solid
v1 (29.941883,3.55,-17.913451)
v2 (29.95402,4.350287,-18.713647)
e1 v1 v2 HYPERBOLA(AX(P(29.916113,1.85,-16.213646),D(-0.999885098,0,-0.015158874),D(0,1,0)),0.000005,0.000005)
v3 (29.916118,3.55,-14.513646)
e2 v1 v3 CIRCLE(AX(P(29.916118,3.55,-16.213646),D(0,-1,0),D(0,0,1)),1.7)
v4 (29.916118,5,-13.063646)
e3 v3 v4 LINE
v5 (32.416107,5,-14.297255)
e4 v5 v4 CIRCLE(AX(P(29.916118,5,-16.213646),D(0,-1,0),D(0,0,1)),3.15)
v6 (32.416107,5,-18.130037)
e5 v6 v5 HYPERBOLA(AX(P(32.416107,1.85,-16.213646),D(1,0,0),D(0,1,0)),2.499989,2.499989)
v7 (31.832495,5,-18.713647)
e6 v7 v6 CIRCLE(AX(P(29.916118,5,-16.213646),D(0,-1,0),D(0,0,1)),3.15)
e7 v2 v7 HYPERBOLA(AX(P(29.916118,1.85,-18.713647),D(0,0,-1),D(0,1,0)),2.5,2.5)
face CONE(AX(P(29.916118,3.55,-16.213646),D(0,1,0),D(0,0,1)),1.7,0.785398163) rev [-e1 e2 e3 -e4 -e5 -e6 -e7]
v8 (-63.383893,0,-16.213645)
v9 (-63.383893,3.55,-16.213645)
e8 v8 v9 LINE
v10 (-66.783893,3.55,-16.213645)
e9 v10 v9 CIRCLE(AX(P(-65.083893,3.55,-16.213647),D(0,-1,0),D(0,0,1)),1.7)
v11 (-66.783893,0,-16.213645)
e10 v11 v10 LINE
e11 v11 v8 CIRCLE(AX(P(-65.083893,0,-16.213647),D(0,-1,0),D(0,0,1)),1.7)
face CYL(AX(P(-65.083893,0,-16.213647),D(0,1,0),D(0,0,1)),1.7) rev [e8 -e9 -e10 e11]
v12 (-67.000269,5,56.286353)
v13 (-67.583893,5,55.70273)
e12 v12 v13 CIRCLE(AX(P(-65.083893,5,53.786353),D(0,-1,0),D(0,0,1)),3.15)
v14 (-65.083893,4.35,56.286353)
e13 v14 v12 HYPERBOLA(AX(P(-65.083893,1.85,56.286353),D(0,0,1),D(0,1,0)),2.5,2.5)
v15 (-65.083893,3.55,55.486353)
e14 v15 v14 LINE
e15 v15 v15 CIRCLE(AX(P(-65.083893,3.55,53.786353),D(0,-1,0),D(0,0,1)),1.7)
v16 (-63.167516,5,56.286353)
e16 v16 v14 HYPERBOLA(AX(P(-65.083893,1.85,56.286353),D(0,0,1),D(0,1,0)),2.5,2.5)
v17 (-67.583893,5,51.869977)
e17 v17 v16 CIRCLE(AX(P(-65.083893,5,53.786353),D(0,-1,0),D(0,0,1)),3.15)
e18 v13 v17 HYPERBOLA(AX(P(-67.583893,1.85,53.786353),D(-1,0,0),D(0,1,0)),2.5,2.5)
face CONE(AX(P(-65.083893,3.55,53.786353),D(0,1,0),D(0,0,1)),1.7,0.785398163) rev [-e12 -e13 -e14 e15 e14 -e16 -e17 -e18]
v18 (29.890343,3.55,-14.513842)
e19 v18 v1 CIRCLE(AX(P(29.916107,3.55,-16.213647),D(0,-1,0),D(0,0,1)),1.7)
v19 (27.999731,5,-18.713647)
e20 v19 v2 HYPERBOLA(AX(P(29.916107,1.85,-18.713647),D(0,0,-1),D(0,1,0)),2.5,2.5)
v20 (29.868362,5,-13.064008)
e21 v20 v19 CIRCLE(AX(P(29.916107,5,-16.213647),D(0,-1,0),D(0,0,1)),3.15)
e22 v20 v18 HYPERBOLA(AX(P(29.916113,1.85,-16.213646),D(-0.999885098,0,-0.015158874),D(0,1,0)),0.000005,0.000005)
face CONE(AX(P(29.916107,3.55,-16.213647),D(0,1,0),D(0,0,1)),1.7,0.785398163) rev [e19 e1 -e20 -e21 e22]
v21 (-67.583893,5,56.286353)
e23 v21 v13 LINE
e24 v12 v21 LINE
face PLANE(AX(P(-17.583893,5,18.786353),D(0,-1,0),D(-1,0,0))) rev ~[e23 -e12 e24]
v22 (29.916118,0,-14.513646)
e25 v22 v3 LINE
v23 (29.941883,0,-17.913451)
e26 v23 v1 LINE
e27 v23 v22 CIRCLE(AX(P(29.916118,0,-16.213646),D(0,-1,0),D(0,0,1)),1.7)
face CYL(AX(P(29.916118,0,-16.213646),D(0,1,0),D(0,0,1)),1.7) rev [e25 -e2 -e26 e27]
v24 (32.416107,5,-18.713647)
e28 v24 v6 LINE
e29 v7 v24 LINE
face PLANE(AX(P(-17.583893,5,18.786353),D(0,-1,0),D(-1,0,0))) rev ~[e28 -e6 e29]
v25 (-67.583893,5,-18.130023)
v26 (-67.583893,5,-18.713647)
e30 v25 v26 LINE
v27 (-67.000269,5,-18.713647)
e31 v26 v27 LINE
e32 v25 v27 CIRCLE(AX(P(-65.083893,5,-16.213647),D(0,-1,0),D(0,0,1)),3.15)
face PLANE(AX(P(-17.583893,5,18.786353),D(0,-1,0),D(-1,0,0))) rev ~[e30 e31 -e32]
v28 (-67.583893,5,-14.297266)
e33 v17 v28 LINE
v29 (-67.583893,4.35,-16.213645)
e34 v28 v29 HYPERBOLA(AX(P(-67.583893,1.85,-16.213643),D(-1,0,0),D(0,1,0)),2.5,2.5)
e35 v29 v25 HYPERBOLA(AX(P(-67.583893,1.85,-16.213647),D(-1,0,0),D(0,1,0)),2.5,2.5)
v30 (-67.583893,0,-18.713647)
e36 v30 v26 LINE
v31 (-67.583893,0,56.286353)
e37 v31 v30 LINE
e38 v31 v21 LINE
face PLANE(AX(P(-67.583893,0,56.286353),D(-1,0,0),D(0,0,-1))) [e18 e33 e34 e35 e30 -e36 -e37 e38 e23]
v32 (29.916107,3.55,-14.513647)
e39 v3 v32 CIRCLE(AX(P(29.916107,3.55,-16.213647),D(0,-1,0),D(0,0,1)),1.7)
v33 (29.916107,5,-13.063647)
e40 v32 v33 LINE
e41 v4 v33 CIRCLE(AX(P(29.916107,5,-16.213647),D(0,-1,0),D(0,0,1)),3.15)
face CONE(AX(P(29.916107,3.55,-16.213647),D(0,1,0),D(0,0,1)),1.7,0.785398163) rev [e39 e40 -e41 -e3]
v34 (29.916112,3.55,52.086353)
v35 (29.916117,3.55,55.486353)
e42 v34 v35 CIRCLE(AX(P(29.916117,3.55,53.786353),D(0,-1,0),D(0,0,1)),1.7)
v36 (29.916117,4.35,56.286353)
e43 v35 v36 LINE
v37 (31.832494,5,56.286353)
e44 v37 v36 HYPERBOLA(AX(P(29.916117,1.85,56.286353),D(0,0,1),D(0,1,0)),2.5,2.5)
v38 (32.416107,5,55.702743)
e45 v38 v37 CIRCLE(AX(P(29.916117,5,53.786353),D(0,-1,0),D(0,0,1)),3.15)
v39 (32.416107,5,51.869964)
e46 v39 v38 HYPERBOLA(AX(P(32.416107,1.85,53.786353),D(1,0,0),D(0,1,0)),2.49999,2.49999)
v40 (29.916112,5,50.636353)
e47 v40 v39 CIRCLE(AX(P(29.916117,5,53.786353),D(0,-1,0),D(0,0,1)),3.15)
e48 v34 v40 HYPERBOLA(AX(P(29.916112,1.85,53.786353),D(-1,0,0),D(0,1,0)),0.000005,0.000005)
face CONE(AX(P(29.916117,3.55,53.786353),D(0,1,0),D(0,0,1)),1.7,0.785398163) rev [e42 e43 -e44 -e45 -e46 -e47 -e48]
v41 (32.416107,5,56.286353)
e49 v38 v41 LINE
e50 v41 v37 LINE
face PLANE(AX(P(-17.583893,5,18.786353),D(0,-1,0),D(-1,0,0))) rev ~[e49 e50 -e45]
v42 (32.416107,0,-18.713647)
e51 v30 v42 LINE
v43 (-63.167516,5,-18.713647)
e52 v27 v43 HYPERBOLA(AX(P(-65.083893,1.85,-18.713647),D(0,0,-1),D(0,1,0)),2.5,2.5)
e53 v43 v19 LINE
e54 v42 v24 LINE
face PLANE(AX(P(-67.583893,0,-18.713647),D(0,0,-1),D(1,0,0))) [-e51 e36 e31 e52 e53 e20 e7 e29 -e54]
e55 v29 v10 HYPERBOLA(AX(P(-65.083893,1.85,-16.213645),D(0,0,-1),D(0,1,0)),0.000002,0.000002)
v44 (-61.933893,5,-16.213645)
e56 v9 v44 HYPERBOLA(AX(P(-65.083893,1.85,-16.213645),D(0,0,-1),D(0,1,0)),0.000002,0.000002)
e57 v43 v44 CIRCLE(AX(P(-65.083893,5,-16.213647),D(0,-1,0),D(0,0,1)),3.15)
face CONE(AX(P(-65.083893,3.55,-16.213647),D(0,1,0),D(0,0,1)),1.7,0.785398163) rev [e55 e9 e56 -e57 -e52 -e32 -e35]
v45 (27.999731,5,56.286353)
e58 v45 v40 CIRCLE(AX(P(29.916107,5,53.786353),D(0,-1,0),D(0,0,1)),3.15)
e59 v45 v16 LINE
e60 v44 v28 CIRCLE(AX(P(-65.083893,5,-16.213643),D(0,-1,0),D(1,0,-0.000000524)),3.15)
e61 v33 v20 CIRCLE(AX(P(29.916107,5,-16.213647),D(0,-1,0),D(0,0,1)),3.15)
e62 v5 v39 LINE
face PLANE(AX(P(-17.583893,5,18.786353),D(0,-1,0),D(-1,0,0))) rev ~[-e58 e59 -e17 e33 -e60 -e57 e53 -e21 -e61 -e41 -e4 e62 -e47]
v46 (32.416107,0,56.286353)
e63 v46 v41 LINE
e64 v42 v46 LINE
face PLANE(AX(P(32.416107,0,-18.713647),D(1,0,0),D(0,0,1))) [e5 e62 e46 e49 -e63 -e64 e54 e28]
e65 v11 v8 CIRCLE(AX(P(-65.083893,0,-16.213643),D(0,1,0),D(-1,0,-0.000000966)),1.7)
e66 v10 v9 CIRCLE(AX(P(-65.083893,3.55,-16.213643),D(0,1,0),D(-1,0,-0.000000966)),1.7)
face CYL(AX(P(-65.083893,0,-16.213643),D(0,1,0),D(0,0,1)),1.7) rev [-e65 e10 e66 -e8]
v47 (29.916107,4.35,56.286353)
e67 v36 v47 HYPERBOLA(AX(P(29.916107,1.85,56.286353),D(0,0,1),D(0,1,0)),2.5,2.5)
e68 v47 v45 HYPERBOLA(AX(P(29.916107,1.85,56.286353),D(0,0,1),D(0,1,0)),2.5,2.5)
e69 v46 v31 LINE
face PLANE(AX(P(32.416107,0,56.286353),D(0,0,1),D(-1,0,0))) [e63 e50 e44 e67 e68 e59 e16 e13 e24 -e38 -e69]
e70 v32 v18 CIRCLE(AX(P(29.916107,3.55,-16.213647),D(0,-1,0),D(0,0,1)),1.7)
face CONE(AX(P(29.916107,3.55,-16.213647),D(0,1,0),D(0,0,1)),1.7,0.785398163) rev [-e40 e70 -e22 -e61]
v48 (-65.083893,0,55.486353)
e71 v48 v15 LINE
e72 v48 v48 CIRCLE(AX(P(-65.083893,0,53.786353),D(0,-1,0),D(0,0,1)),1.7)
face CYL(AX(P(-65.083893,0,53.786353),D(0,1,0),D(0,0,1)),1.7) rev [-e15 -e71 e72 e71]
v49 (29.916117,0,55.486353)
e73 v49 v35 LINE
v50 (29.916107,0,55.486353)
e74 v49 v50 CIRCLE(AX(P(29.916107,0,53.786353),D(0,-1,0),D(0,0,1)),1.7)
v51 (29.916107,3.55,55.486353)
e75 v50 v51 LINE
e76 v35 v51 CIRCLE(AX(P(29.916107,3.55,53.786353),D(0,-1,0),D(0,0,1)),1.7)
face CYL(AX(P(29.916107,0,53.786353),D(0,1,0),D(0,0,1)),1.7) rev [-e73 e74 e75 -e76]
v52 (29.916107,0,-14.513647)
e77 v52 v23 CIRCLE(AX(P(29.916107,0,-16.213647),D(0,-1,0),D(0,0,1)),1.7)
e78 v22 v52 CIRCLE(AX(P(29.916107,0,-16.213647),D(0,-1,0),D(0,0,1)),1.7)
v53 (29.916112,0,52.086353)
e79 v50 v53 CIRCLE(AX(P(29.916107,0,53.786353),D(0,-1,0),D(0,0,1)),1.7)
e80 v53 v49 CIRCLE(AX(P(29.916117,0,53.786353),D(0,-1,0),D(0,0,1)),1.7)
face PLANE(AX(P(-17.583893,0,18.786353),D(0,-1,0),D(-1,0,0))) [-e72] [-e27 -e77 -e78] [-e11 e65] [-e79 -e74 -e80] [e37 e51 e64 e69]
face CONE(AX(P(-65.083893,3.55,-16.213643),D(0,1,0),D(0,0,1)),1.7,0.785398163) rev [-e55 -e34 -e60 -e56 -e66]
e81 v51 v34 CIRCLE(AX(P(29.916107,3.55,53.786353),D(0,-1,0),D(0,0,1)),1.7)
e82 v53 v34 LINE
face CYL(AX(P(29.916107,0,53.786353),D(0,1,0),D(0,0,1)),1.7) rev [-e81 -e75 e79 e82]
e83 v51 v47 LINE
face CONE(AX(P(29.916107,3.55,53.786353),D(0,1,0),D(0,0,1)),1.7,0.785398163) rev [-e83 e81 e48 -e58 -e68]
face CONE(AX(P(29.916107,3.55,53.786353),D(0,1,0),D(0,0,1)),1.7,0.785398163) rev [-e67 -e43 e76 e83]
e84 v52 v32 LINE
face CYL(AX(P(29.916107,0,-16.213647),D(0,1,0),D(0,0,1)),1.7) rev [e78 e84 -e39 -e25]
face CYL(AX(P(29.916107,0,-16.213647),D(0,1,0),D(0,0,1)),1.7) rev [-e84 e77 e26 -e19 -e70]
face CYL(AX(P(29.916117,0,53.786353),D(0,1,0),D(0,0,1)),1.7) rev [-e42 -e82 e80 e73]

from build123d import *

# Parameters (mm, degrees)
SALIENTE_EXTRUIR1_DEPTH                     = 5
AVELLANADO_PARA_TORNILLO_CON_CABEZA_3_COUNT = 2
AVELLANADO_PARA_TORNILLO_CON_CABEZA_3_PITCH = 70
AVELLANADO_PARA_TORNILLO_CON_CABEZA_4_COUNT = 2
AVELLANADO_PARA_TORNILLO_CON_CABEZA_4_PITCH = 118.00423721205946
AVELLANADO_PARA_TORNILLO_CON_CABEZA_5_COUNT = 2
AVELLANADO_PARA_TORNILLO_CON_CABEZA_5_PITCH = 95
AVELLANADO_PARA_TORNILLO_CON_CABEZA_6_COUNT = 2
AVELLANADO_PARA_TORNILLO_CON_CABEZA_6_PITCH = 69.99999670760137
AVELLANADO_PARA_TORNILLO_CON_CABEZA_7_COUNT = 2
AVELLANADO_PARA_TORNILLO_CON_CABEZA_7_PITCH = 118.00424590243654
AVELLANADO_PARA_TORNILLO_CON_CABEZA_8_COUNT = 2
AVELLANADO_PARA_TORNILLO_CON_CABEZA_8_PITCH = 95.00001009358513


with BuildPart() as part:
    # Croquis1 → Saliente-Extruir1 (new body)
    with BuildSketch(Plane(origin=(0, 0, 0), x_dir=(1, 0, 0), z_dir=(0, 1, 0))):
        Polygon((-67.58389261744966, 18.71364653243848), (32.41610738255034, 18.71364653243848), (32.41610738255035, -56.28635346756151), (-67.58389261744965, -56.28635346756151), align=None)
    extrude(amount=SALIENTE_EXTRUIR1_DEPTH)

    # Croquis3 → Avellanado para tornillo con cabeza plana avellanada de M31 (revolve, cut)
    with BuildSketch(Plane(origin=(-65.08389261744965, 5, 53.78635346756151), x_dir=(0, 0, 1), z_dir=(1, 0, 0))):
        Polygon((0, 0), (-1.22e-15, 5.000000000000001), (1.6999999999999986, 5), (1.699999999999999, 1.4500000000000013), (3.15, 0), align=None)
    avellanado_para_tornillo_con_cabeza_plan = revolve(axis=Axis((-65.08389261744965, 11.34999999999999, 53.78635346756151), (0, -1, 0)), mode=Mode.SUBTRACT)

    # Avellanado para tornillo con cabeza  3: Avellanado para tornillo con cabeza plana avellanada de M31 ×2
    with Locations(*[(0, 0, -i * AVELLANADO_PARA_TORNILLO_CON_CABEZA_3_PITCH) for i in range(1, AVELLANADO_PARA_TORNILLO_CON_CABEZA_3_COUNT)]):
        add(avellanado_para_tornillo_con_cabeza_plan, mode=Mode.SUBTRACT)

    # Avellanado para tornillo con cabeza  4: Avellanado para tornillo con cabeza plana avellanada de M31 ×2
    with Locations(*[Vector(0.8050558373533679, 0, -0.5931990380498501) * (i * AVELLANADO_PARA_TORNILLO_CON_CABEZA_4_PITCH) for i in range(1, AVELLANADO_PARA_TORNILLO_CON_CABEZA_4_COUNT)]):
        add(avellanado_para_tornillo_con_cabeza_plan, mode=Mode.SUBTRACT)

    # Avellanado para tornillo con cabeza  5: Avellanado para tornillo con cabeza plana avellanada de M31 ×2
    with Locations(*[(i * AVELLANADO_PARA_TORNILLO_CON_CABEZA_5_PITCH, 0, 0) for i in range(1, AVELLANADO_PARA_TORNILLO_CON_CABEZA_5_COUNT)]):
        add(avellanado_para_tornillo_con_cabeza_plan, mode=Mode.SUBTRACT)

    # Avellanado para tornillo con cabeza  6: Avellanado para tornillo con cabeza plana avellanada de M31 ×2
    with Locations(*[(0, 0, -i * AVELLANADO_PARA_TORNILLO_CON_CABEZA_6_PITCH) for i in range(1, AVELLANADO_PARA_TORNILLO_CON_CABEZA_6_COUNT)]):
        add(avellanado_para_tornillo_con_cabeza_plan, mode=Mode.SUBTRACT)

    # Avellanado para tornillo con cabeza  7: Avellanado para tornillo con cabeza plana avellanada de M31 ×2
    with Locations(*[Vector(0.8050558705764262, 0, -0.5931989929614112) * (i * AVELLANADO_PARA_TORNILLO_CON_CABEZA_7_PITCH) for i in range(1, AVELLANADO_PARA_TORNILLO_CON_CABEZA_7_COUNT)]):
        add(avellanado_para_tornillo_con_cabeza_plan, mode=Mode.SUBTRACT)

    # Avellanado para tornillo con cabeza  8: Avellanado para tornillo con cabeza plana avellanada de M31 ×2
    with Locations(*[(i * AVELLANADO_PARA_TORNILLO_CON_CABEZA_8_PITCH, 0, 0) for i in range(1, AVELLANADO_PARA_TORNILLO_CON_CABEZA_8_COUNT)]):
        add(avellanado_para_tornillo_con_cabeza_plan, mode=Mode.SUBTRACT)


solid = part.part
